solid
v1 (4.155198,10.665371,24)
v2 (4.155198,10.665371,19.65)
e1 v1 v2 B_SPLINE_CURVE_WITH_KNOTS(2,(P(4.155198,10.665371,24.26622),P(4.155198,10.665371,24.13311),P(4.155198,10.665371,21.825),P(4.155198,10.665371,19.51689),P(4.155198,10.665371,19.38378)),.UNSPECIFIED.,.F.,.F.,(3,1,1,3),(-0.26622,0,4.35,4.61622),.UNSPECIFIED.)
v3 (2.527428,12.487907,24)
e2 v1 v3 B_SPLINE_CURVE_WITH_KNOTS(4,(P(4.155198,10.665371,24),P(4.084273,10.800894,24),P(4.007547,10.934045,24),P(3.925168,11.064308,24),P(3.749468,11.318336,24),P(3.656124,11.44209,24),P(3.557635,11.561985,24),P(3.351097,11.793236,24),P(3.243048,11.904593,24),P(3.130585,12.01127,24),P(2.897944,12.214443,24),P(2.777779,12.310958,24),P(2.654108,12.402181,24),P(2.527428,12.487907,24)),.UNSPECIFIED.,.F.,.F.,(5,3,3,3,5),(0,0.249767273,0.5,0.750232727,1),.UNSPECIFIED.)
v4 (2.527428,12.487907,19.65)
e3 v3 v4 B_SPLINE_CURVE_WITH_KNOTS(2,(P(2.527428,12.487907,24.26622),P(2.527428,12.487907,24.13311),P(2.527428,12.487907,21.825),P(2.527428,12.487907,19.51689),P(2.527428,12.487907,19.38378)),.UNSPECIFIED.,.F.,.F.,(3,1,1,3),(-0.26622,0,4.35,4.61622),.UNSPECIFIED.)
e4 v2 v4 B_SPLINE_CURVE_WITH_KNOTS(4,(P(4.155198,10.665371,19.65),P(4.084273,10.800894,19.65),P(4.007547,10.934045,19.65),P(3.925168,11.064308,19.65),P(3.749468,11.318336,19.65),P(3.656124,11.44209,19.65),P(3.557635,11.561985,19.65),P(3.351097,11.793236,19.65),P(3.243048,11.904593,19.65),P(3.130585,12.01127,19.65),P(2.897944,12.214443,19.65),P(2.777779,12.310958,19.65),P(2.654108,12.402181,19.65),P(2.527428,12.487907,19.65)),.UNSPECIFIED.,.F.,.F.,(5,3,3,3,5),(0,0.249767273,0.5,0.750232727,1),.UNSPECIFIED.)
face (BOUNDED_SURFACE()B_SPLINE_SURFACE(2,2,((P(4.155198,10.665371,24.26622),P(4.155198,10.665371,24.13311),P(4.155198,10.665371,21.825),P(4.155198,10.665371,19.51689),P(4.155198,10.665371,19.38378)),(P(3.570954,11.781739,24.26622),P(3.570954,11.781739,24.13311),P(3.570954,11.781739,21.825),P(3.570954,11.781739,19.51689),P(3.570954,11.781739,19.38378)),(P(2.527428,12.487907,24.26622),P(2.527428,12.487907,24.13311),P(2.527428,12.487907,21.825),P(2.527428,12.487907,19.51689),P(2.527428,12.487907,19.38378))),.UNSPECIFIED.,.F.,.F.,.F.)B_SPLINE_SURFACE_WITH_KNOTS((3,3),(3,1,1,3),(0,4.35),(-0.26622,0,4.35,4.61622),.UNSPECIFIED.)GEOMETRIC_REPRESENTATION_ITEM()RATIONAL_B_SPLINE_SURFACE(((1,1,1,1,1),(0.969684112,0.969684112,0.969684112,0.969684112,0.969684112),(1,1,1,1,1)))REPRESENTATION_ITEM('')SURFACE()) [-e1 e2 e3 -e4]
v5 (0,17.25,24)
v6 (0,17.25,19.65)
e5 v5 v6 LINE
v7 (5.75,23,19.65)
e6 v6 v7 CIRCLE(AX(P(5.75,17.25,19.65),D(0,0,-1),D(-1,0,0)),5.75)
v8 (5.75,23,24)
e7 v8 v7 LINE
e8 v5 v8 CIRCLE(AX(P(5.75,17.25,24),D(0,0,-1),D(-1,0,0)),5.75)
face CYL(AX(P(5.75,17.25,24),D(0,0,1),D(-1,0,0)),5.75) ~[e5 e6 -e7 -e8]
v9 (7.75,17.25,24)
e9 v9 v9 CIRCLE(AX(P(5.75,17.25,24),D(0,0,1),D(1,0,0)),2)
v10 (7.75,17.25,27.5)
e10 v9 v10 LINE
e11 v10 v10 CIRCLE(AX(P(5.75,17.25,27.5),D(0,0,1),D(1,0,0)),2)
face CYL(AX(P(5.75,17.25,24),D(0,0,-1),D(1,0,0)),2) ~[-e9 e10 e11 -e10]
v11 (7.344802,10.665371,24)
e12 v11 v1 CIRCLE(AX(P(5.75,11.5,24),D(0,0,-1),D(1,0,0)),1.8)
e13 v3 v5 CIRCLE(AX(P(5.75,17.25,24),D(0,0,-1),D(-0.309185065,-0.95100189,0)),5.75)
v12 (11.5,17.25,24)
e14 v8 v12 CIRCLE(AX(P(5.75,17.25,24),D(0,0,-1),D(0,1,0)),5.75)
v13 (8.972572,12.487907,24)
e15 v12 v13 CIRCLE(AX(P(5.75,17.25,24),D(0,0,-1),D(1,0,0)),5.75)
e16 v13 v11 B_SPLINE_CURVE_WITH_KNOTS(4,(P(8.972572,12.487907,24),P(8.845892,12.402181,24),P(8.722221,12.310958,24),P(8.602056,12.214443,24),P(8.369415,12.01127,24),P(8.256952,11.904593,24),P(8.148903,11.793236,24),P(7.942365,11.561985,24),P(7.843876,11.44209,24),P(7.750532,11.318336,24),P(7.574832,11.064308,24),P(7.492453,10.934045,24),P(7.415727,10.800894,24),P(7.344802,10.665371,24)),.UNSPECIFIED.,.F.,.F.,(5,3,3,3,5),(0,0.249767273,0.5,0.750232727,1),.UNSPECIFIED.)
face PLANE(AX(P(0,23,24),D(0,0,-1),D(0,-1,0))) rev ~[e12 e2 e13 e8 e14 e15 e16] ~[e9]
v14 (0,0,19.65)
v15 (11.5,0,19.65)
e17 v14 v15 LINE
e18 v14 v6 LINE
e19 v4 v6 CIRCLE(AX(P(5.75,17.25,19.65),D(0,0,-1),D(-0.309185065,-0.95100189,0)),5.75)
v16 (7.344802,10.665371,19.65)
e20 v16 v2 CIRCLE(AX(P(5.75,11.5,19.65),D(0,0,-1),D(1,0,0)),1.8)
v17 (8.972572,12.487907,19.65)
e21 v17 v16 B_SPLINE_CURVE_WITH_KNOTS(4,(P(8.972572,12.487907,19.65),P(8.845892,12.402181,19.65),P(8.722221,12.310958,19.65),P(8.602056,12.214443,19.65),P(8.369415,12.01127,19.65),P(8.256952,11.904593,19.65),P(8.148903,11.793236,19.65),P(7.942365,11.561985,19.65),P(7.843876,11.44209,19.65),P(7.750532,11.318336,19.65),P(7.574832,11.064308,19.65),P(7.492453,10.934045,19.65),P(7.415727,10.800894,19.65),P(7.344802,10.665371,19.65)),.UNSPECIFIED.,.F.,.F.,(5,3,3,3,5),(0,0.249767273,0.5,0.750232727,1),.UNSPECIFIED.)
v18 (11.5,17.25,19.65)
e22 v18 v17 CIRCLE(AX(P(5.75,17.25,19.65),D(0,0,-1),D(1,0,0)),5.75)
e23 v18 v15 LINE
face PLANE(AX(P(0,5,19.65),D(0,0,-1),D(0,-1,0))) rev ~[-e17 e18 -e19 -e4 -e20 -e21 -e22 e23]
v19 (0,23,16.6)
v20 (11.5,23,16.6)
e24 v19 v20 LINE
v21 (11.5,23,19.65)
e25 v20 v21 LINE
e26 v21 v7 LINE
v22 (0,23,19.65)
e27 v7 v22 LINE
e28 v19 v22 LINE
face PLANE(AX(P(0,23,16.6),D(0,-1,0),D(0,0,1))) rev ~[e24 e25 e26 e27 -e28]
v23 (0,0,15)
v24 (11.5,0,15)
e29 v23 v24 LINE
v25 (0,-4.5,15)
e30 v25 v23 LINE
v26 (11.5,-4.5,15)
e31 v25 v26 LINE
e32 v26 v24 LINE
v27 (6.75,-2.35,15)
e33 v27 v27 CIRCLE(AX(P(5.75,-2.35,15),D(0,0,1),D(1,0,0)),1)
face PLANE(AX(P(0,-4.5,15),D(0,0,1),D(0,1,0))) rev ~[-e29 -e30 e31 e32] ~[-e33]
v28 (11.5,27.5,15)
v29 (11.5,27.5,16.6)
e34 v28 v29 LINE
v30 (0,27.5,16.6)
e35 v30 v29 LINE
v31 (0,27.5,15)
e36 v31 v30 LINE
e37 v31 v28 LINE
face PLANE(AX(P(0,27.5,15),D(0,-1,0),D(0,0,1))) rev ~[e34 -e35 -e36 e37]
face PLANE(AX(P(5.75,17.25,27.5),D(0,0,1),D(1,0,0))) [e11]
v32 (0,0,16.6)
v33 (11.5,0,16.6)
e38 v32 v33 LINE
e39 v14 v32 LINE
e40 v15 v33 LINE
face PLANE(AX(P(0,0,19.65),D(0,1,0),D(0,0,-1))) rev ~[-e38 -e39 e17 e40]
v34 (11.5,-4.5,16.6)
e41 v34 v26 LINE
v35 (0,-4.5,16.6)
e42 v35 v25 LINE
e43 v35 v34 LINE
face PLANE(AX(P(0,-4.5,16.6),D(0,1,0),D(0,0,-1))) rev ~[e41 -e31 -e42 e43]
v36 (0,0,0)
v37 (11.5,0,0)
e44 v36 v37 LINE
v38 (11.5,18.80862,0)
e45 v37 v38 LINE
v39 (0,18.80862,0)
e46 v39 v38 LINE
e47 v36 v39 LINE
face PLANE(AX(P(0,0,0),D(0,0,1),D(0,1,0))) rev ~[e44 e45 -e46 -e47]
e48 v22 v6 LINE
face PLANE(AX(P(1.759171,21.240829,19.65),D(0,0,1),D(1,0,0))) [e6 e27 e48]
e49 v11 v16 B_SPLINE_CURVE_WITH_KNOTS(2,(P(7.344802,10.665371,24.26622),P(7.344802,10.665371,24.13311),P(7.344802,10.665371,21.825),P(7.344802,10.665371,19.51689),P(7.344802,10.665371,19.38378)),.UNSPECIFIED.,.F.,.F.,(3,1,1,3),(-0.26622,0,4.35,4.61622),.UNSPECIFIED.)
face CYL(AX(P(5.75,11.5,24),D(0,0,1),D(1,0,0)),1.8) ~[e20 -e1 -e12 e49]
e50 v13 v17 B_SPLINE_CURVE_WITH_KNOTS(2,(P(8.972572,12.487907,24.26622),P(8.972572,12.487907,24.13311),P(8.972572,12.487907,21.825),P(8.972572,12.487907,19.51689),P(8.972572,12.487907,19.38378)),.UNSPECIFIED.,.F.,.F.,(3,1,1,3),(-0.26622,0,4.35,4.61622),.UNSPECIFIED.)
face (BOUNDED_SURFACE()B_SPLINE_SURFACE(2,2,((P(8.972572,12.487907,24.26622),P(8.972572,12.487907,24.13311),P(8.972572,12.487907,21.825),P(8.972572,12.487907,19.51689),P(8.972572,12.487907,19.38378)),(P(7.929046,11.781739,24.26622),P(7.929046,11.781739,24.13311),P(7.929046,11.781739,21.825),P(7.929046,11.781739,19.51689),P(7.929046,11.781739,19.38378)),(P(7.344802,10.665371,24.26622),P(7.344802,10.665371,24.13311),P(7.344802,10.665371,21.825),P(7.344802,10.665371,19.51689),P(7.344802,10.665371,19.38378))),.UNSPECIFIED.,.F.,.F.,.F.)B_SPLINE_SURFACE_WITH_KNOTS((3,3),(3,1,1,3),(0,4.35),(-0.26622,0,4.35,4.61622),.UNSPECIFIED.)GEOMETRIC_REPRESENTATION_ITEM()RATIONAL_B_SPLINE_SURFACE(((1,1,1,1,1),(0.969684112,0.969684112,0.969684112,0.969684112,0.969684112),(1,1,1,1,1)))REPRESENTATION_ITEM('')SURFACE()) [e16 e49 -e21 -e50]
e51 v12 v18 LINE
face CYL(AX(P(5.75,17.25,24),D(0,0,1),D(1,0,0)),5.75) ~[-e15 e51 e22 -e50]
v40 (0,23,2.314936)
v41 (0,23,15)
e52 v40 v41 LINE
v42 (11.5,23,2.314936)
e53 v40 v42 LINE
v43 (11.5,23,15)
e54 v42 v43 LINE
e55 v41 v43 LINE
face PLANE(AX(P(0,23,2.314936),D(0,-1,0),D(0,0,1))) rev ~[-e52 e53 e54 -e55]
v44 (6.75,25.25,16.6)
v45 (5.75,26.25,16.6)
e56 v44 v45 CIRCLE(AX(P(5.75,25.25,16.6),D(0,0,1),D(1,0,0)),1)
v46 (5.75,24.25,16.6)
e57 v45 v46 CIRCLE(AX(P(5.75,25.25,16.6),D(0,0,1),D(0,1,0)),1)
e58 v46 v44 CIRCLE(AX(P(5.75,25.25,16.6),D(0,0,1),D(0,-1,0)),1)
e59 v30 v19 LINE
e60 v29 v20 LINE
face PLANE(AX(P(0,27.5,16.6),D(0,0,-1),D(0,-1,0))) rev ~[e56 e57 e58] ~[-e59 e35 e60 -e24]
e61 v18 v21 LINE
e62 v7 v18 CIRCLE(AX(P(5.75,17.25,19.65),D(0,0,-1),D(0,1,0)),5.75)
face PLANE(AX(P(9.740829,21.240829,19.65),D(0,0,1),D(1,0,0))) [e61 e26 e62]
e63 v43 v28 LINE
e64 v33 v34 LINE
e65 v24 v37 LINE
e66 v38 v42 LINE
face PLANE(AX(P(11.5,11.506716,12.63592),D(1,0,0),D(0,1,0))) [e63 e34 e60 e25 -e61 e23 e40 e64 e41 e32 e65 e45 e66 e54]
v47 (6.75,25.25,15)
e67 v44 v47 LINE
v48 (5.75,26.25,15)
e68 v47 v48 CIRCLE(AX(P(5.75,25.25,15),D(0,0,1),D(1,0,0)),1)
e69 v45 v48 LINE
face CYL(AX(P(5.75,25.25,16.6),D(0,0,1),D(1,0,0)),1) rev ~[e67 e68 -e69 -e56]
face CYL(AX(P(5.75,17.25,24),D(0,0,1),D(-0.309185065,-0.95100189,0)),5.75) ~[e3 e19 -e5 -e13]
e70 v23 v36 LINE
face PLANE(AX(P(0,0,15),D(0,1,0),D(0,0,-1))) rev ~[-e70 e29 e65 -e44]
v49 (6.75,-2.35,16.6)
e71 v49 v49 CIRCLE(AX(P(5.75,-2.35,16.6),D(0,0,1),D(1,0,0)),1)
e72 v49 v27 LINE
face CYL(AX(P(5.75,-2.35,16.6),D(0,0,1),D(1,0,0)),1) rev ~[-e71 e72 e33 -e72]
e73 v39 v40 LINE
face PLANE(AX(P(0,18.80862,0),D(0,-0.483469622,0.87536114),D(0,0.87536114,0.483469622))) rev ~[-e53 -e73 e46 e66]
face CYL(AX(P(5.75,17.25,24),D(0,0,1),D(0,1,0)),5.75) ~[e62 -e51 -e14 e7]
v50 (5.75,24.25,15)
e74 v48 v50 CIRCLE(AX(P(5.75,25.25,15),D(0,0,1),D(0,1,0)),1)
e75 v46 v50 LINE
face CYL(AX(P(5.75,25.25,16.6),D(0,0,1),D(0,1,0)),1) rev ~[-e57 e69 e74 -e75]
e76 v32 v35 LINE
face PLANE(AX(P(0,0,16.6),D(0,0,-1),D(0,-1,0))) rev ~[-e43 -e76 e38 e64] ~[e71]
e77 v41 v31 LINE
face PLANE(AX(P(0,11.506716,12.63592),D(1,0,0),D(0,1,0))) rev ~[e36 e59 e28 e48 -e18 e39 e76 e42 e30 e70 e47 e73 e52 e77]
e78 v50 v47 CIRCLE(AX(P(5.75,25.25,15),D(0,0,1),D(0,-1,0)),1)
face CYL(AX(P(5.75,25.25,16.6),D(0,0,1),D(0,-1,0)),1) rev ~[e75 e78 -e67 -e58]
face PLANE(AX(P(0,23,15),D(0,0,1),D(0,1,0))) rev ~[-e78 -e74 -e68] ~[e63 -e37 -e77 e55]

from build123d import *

# Parameters (mm, degrees)
F1_DEPTH = 11.5
F3_DEPTH = 4.35
F4_R     = 5
F5_R     = 1
F6_DEPTH = 25
F7_R     = 2
F8_DEPTH = 3.5


with BuildPart() as f1:
    # F0 (on Right) → F1 (new body)
    with BuildSketch(Plane.YZ):
        Polygon((0, 15), (0, 0), (18.8086195217, 0), (23, 2.3149361368), (23, 15), (27.5, 15), (27.5, 16.6), (23, 16.6), (23, 24), (5, 24), (5, 19.65), (0, 19.65), (0, 16.6), (-4.5, 16.6), (-4.5, 15), align=None)
    extrude(amount=F1_DEPTH)

    # F2 (on face) → F3 (cut, through all)
    with BuildSketch(Plane.XY.offset(24)):
        with BuildLine():
            Line((11.5, 5), (11.5, 17.25))
            ThreePointArc((11.5, 17.25), (10.4021463443, 13.8706458618), (7.5278141248, 11.7817391304))
            ThreePointArc((7.5278141248, 11.7817391304), (7.5444449594, 11.6413056534), (7.55, 11.5))
            ThreePointArc((7.55, 11.5), (5.6086943466, 9.7055550406), (3.9721858752, 11.7817391304))
            ThreePointArc((3.9721858752, 11.7817391304), (1.0978536557, 13.8706458618), (0, 17.25))
            Line((0, 17.25), (0, 5))
            Line((0, 5), (11.5, 5))
        make_face()
        with BuildLine():
            ThreePointArc((5.75, 23), (9.8158639918, 21.3158639918), (11.5, 17.25))
            Line((11.5, 17.25), (11.5, 23))
            Line((11.5, 23), (5.75, 23))
        make_face()
        with BuildLine():
            ThreePointArc((0, 17.25), (1.6841360082, 21.3158639918), (5.75, 23))
            Line((5.75, 23), (0, 23))
            Line((0, 23), (0, 17.25))
        make_face()
    extrude(amount=-F3_DEPTH, mode=Mode.SUBTRACT)

    # F4
    f4_edges = [f1.edges().sort_by_distance(p)[0] for p in [
        (7.527814, 11.781739, 21.825),
        (3.972186, 11.781739, 21.825),
    ]]
    fillet(f4_edges, radius=F4_R)

    # F5 (on face) → F6 (cut)
    with BuildSketch(Plane.XY.offset(16.6)):
        with BuildLine():
            ThreePointArc((5.75, 24.25), (6.4571067812, 24.5428932188), (6.75, 25.25))
            ThreePointArc((6.75, 25.25), (6.4571067812, 25.9571067812), (5.75, 26.25))
            Line((5.75, 26.25), (5.75, 24.25))
        make_face()
        with BuildLine():
            Line((5.75, 24.25), (5.75, 26.25))
            ThreePointArc((5.75, 26.25), (4.75, 25.25), (5.75, 24.25))
        make_face()
        with Locations((5.75, -2.35)):
            Circle(F5_R)
    extrude(amount=-F6_DEPTH, mode=Mode.SUBTRACT)

    # F7 (on face) → F8 (join)
    with BuildSketch(Plane.XY.offset(24)):
        with Locations((5.75, 17.25)):
            Circle(F7_R)
    extrude(amount=F8_DEPTH)


solid = f1.part
